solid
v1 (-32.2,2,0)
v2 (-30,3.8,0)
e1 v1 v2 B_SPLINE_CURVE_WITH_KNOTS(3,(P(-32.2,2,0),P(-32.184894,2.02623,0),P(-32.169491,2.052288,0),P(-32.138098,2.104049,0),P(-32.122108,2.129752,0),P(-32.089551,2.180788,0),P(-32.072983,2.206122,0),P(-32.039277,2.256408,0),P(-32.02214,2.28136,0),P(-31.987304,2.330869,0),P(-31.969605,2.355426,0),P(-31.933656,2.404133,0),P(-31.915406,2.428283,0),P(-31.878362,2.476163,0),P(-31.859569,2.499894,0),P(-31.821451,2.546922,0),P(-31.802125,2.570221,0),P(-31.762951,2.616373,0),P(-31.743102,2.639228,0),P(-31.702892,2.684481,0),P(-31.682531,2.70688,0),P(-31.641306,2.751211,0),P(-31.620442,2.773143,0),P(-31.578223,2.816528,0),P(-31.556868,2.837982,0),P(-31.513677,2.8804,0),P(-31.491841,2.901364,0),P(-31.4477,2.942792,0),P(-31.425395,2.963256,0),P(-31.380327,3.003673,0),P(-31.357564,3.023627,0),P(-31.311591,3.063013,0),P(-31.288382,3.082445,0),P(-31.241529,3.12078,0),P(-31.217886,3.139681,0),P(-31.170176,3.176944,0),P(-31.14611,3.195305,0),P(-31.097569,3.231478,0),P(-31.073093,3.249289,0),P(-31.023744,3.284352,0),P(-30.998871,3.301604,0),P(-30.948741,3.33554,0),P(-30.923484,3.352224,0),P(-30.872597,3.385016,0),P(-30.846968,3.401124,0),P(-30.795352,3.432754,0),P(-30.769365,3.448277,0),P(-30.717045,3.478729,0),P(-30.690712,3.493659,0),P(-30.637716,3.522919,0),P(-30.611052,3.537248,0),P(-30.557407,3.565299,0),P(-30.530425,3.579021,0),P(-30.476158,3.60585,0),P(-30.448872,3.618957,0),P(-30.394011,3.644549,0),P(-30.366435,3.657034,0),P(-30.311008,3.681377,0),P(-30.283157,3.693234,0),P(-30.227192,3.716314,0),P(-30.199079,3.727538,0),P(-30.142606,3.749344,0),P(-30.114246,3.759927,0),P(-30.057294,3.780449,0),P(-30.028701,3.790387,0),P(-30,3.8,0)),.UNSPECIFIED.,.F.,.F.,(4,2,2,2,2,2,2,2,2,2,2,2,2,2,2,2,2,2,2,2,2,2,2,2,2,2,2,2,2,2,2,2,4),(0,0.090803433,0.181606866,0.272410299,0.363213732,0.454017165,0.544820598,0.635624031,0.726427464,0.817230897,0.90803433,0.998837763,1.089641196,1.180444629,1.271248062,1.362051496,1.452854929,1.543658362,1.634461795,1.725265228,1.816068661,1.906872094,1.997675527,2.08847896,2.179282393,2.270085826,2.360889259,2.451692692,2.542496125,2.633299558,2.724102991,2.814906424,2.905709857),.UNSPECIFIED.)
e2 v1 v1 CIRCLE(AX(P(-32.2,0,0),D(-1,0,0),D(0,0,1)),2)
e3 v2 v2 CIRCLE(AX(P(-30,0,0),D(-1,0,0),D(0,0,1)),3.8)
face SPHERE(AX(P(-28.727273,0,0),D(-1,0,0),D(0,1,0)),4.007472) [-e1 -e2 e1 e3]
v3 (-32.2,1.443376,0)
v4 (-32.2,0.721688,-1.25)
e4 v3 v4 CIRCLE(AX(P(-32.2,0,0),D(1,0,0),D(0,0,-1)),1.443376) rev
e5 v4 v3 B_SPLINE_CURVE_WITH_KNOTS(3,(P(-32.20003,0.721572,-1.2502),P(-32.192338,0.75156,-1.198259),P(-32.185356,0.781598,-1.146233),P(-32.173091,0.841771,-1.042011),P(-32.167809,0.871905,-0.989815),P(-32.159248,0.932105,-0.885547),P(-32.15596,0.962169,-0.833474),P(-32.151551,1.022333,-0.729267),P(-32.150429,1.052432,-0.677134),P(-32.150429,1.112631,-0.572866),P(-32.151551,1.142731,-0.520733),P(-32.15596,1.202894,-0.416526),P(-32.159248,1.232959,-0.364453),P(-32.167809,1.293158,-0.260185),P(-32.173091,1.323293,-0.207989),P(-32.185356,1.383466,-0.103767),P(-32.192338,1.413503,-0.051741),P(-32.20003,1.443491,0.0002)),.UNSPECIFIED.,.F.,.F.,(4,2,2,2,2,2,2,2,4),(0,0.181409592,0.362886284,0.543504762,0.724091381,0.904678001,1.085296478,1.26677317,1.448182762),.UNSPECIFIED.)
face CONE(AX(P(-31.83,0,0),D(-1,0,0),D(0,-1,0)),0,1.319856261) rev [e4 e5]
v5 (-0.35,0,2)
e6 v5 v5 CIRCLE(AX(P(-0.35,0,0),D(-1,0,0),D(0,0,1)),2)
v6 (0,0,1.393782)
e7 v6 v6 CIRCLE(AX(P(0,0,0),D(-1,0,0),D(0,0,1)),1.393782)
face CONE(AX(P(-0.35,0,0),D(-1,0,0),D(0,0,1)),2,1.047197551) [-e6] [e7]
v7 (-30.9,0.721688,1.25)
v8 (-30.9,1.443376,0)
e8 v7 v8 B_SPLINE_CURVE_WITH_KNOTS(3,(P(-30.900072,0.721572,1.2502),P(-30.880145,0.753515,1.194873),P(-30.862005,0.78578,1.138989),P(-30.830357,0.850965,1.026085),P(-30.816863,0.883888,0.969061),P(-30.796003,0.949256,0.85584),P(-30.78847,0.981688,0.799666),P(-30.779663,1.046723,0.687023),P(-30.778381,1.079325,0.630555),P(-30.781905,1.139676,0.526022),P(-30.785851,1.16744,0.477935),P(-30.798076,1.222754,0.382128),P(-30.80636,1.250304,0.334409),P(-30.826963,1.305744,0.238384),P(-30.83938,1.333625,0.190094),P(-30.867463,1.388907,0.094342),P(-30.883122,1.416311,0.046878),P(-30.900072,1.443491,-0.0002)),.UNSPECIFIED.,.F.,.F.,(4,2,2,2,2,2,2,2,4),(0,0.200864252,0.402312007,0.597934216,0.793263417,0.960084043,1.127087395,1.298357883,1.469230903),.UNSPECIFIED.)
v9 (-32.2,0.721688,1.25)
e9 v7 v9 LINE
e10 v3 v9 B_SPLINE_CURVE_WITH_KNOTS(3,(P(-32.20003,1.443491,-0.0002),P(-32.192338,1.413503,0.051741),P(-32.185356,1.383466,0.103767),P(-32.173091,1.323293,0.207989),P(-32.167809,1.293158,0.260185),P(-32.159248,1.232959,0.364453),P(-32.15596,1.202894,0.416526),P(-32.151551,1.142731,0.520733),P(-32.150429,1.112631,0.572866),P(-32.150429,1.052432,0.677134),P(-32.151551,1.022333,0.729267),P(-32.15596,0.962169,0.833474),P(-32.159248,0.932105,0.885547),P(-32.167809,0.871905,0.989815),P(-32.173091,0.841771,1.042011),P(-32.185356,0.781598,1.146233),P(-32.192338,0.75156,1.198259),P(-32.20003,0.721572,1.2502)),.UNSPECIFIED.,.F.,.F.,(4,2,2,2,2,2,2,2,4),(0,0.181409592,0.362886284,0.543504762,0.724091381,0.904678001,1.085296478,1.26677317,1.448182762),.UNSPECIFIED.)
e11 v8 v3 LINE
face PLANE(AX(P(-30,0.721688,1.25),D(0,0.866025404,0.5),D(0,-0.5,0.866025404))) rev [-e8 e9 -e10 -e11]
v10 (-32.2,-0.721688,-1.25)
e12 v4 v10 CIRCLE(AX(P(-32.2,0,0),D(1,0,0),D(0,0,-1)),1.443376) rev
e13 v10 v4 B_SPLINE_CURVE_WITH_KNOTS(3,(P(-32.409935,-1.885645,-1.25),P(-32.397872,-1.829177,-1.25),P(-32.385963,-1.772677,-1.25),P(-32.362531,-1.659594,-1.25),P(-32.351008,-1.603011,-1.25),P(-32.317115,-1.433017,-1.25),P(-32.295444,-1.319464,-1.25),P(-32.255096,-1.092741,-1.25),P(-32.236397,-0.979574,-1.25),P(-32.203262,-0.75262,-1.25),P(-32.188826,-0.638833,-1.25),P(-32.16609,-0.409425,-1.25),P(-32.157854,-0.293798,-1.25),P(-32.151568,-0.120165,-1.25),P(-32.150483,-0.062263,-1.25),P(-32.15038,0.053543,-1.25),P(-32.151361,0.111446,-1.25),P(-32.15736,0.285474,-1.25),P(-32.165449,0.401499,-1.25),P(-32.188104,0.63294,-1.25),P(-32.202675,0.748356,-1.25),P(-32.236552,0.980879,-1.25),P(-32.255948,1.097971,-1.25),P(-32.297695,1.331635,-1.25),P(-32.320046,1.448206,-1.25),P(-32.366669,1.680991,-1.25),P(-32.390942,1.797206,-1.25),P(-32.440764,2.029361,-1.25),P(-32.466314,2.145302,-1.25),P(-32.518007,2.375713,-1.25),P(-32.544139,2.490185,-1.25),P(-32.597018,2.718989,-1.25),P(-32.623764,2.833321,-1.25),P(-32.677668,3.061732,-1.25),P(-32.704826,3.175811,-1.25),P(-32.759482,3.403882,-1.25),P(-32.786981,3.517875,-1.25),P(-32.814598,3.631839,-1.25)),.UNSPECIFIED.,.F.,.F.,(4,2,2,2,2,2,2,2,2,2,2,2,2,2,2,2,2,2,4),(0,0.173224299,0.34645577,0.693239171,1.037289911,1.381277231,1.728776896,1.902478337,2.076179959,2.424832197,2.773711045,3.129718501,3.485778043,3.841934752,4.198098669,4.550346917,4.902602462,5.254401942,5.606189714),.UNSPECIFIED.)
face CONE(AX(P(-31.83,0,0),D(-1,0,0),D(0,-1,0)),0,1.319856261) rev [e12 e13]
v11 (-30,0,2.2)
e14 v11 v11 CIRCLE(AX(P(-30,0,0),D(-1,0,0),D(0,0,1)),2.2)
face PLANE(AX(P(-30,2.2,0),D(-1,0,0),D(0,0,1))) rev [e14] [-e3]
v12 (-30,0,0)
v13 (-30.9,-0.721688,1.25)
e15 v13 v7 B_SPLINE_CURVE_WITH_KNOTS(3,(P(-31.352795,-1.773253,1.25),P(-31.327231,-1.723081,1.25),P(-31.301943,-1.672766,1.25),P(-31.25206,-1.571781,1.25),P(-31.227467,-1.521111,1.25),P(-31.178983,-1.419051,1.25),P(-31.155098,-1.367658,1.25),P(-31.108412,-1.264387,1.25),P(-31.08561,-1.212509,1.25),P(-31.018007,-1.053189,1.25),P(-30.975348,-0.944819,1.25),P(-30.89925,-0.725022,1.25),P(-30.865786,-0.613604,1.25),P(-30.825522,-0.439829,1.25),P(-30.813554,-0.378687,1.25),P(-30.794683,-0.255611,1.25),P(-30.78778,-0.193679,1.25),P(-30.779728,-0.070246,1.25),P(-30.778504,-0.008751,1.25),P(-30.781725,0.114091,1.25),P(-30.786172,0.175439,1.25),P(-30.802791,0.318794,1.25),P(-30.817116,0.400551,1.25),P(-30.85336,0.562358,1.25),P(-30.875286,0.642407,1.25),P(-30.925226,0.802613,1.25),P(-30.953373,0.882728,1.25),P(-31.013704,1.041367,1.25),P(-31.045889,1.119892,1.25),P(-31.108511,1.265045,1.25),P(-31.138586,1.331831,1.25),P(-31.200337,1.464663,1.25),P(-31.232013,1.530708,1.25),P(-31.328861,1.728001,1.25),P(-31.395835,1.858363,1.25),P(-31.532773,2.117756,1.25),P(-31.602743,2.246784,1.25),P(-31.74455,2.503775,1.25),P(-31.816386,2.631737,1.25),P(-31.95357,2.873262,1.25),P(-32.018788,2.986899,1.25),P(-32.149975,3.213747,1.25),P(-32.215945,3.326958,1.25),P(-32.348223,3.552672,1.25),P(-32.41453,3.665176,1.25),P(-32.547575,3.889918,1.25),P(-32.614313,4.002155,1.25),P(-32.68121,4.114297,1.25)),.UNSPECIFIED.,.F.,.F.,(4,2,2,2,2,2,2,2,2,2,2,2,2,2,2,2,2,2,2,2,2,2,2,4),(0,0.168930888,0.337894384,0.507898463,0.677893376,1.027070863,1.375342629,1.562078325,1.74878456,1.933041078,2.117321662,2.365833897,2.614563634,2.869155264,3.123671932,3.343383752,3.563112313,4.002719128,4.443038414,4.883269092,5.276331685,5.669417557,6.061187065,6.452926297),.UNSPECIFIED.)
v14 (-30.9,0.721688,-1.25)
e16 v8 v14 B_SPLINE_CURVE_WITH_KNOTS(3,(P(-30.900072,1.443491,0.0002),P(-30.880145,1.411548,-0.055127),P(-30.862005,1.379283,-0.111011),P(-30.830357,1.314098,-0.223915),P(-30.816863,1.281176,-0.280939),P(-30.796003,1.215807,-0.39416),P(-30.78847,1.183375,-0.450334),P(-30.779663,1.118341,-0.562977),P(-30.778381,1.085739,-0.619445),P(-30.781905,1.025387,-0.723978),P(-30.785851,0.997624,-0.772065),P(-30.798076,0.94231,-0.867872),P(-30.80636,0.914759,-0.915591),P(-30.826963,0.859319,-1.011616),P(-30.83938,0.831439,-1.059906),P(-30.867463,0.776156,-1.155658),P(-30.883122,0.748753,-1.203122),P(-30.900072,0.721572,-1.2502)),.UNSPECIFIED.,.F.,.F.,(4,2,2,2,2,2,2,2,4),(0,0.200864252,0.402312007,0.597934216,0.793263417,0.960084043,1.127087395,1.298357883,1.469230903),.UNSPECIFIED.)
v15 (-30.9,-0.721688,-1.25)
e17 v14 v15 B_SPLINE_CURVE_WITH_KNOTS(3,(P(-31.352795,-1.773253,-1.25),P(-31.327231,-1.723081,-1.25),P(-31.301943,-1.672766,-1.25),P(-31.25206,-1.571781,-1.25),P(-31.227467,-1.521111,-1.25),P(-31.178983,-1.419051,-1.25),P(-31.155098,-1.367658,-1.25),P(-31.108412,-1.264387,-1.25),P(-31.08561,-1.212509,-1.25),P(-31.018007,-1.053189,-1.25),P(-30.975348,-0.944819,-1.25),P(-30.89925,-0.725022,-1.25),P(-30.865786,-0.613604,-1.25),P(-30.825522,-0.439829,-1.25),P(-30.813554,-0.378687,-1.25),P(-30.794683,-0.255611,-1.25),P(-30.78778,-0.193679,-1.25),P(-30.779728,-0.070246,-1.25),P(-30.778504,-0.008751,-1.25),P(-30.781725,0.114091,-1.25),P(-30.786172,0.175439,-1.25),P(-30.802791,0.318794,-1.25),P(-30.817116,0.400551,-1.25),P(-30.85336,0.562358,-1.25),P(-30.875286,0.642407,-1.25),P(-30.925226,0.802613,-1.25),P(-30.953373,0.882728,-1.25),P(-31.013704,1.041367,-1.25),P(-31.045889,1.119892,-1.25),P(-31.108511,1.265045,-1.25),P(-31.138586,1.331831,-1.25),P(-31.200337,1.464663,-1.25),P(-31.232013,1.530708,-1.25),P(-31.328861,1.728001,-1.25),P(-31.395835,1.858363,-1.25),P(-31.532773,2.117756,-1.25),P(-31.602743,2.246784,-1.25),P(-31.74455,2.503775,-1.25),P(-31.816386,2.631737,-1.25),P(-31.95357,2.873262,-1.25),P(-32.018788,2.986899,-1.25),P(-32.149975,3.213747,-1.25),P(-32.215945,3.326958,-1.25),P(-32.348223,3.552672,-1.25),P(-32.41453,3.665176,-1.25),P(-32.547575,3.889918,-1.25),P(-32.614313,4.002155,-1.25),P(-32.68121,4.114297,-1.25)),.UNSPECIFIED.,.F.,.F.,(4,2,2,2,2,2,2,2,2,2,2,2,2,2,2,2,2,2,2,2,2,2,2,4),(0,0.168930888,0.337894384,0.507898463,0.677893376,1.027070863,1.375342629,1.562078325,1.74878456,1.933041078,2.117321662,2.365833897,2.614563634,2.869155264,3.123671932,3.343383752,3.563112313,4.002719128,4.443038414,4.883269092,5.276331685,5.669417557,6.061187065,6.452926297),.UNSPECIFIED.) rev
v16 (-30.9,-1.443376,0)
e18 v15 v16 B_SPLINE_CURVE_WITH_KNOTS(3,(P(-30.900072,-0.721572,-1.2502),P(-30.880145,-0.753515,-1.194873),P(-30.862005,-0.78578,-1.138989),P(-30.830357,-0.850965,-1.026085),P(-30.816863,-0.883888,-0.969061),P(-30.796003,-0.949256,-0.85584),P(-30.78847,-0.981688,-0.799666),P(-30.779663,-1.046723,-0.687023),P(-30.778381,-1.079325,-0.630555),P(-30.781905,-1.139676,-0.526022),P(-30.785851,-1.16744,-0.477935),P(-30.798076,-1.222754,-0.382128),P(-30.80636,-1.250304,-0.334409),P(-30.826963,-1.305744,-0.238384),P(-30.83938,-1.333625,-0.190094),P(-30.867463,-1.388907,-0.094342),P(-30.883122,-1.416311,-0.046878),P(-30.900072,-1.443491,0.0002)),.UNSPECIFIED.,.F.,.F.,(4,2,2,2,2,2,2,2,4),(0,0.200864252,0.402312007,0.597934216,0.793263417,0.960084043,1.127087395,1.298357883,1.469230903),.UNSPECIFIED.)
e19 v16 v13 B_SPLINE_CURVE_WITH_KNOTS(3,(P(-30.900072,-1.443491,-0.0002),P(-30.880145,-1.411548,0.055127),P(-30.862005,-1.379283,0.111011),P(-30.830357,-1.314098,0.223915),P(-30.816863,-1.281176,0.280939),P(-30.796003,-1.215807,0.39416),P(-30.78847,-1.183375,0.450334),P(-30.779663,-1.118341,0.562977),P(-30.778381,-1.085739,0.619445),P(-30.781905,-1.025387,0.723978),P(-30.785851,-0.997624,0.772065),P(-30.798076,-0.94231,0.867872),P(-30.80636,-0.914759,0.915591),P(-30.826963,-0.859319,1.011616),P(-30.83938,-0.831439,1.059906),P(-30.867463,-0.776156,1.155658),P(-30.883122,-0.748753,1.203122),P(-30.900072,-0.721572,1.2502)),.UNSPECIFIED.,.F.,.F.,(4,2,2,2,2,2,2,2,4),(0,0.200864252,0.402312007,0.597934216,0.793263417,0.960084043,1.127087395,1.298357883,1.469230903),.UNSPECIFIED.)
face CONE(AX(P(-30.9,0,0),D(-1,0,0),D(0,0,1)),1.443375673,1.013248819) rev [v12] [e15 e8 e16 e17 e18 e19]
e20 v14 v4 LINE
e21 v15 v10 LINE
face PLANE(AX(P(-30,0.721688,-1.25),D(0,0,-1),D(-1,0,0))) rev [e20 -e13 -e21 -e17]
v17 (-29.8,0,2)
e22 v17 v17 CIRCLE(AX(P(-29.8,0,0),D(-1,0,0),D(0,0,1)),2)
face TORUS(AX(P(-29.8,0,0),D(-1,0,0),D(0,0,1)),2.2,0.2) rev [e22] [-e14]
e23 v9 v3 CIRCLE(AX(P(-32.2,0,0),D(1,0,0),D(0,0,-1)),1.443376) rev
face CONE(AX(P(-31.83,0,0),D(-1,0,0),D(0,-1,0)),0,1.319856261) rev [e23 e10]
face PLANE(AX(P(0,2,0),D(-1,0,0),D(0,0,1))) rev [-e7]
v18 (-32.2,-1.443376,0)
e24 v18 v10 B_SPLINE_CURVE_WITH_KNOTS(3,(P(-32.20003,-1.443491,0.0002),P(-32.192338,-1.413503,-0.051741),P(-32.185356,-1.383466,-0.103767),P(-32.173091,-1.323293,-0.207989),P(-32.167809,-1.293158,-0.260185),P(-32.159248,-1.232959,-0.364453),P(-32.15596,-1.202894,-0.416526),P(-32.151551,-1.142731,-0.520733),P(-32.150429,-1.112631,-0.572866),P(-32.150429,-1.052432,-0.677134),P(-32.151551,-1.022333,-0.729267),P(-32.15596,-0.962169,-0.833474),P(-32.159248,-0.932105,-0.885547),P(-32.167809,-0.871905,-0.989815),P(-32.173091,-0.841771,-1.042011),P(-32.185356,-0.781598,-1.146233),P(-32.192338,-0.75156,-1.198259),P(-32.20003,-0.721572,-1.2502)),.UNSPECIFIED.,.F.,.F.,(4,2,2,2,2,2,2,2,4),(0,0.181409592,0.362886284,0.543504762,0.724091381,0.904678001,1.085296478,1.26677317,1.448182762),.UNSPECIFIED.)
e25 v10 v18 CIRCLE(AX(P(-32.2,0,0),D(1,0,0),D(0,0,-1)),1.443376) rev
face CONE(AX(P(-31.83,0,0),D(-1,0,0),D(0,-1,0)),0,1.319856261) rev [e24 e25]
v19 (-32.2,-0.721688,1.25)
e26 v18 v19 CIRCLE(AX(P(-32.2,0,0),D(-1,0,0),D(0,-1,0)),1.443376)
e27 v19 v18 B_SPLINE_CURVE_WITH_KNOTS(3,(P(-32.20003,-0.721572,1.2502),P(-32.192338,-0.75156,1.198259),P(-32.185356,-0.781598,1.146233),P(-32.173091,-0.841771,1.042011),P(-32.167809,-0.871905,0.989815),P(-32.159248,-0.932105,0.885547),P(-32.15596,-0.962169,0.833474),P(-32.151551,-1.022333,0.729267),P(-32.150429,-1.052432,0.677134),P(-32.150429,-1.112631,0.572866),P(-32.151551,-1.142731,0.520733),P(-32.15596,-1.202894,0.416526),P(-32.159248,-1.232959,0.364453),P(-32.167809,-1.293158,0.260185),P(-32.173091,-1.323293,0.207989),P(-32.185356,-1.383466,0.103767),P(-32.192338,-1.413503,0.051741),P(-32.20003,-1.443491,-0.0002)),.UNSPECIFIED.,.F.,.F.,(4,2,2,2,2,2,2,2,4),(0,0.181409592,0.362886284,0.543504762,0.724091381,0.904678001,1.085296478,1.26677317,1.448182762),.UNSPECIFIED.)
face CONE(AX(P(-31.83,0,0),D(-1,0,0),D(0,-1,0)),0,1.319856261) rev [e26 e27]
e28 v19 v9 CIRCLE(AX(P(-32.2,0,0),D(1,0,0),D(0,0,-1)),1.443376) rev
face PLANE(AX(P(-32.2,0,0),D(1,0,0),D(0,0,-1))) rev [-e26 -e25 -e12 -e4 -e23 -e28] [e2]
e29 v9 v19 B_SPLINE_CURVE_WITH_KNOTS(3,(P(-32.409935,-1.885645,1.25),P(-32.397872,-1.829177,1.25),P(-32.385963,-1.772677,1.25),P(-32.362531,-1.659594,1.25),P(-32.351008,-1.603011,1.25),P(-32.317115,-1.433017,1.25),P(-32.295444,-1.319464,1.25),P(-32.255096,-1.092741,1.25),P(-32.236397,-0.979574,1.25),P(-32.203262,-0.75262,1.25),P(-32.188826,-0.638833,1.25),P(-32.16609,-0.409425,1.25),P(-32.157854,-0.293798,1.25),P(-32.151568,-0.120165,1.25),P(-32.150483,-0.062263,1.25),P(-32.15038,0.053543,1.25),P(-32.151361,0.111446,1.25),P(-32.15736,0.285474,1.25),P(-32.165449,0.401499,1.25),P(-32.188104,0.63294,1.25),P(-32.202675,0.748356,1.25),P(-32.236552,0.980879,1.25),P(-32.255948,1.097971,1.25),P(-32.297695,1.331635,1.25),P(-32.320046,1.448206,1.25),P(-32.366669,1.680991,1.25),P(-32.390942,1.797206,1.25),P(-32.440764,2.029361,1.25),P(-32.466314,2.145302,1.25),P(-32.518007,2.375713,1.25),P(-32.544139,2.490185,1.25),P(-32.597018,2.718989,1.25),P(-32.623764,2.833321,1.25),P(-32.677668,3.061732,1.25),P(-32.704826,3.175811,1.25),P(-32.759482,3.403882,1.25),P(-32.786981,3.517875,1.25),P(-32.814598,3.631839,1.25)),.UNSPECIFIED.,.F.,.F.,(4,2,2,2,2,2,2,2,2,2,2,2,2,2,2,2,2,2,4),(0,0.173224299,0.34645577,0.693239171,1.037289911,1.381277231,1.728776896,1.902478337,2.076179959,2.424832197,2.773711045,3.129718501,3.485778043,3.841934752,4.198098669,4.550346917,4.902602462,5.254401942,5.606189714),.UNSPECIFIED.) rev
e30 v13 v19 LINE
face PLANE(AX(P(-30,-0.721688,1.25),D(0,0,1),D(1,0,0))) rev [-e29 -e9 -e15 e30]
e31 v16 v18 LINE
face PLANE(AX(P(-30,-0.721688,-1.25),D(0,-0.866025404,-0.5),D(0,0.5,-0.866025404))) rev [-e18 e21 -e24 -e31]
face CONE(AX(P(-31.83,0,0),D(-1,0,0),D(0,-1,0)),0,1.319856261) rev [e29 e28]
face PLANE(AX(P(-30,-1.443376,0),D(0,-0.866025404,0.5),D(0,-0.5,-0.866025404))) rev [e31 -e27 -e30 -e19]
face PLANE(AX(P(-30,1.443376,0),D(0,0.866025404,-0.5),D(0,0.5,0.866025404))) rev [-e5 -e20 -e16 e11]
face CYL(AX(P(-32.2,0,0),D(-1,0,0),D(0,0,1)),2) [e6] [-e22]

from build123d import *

# Parameters (mm, degrees)
CUT_EXTRUDE_1_DEPTH = 2.2


with BuildPart() as part:
    # 草图1 → 旋转1 (revolve)
    with BuildSketch(Plane.XY):
        with BuildLine():
            Line((0, 2), (-29.8, 2))
            ThreePointArc((-29.8, 2), (-29.941421356, 2.058578644), (-30, 2.2))
            Line((-30, 2.2), (-30, 3.8))
            ThreePointArc((-30, 3.8), (-31.264955669, 3.101612484), (-32.2, 2))
            Line((-32.2, 2), (-32.2, 0))
            Line((-32.2, 0), (0, 0))
            Line((0, 0), (0, 2))
        make_face()
    revolve(axis=Axis((-32.2, 0, 0), (1, 0, 0)))

    # 草图2 → 切除-拉伸1 (cut)
    with BuildSketch(Plane.ZY.offset(32.2)):
        Polygon((0, 1.443375673), (-1.25, 0.721687836), (-1.25, -0.721687836), (0, -1.443375673), (1.25, -0.721687836), (1.25, 0.721687836), align=None)
    extrude(amount=-CUT_EXTRUDE_1_DEPTH, mode=Mode.SUBTRACT)

    # 草图6 → 旋转2 (revolve)
    with BuildSketch(Plane.XY):
        Polygon((-30.9, 1.443375673), (-30, 0), (-29.63, 0), (-29.63, 1.443375673), align=None)
    revolve(axis=Axis((-32.2, 0, 0), (1, 0, 0)))

    # 草图7 → 切除-旋转5 (revolve, cut)
    with BuildSketch(Plane.XY):
        Polygon((-32.2, 1.443375673), (-31.83, 0), (-32.2, 0), align=None)
    revolve(axis=Axis((-32.2, 0, 0), (1, 0, 0)), mode=Mode.SUBTRACT)

    # 草图4 → 切除-旋转1 (revolve, cut)
    with BuildSketch(Plane.XY):
        Polygon((-0.35, 2), (0, 1.393782217), (0.35, 2), align=None)
    revolve(axis=Axis((-0.35, 0, 0), (1, 0, 0)), mode=Mode.SUBTRACT)


solid = part.part
